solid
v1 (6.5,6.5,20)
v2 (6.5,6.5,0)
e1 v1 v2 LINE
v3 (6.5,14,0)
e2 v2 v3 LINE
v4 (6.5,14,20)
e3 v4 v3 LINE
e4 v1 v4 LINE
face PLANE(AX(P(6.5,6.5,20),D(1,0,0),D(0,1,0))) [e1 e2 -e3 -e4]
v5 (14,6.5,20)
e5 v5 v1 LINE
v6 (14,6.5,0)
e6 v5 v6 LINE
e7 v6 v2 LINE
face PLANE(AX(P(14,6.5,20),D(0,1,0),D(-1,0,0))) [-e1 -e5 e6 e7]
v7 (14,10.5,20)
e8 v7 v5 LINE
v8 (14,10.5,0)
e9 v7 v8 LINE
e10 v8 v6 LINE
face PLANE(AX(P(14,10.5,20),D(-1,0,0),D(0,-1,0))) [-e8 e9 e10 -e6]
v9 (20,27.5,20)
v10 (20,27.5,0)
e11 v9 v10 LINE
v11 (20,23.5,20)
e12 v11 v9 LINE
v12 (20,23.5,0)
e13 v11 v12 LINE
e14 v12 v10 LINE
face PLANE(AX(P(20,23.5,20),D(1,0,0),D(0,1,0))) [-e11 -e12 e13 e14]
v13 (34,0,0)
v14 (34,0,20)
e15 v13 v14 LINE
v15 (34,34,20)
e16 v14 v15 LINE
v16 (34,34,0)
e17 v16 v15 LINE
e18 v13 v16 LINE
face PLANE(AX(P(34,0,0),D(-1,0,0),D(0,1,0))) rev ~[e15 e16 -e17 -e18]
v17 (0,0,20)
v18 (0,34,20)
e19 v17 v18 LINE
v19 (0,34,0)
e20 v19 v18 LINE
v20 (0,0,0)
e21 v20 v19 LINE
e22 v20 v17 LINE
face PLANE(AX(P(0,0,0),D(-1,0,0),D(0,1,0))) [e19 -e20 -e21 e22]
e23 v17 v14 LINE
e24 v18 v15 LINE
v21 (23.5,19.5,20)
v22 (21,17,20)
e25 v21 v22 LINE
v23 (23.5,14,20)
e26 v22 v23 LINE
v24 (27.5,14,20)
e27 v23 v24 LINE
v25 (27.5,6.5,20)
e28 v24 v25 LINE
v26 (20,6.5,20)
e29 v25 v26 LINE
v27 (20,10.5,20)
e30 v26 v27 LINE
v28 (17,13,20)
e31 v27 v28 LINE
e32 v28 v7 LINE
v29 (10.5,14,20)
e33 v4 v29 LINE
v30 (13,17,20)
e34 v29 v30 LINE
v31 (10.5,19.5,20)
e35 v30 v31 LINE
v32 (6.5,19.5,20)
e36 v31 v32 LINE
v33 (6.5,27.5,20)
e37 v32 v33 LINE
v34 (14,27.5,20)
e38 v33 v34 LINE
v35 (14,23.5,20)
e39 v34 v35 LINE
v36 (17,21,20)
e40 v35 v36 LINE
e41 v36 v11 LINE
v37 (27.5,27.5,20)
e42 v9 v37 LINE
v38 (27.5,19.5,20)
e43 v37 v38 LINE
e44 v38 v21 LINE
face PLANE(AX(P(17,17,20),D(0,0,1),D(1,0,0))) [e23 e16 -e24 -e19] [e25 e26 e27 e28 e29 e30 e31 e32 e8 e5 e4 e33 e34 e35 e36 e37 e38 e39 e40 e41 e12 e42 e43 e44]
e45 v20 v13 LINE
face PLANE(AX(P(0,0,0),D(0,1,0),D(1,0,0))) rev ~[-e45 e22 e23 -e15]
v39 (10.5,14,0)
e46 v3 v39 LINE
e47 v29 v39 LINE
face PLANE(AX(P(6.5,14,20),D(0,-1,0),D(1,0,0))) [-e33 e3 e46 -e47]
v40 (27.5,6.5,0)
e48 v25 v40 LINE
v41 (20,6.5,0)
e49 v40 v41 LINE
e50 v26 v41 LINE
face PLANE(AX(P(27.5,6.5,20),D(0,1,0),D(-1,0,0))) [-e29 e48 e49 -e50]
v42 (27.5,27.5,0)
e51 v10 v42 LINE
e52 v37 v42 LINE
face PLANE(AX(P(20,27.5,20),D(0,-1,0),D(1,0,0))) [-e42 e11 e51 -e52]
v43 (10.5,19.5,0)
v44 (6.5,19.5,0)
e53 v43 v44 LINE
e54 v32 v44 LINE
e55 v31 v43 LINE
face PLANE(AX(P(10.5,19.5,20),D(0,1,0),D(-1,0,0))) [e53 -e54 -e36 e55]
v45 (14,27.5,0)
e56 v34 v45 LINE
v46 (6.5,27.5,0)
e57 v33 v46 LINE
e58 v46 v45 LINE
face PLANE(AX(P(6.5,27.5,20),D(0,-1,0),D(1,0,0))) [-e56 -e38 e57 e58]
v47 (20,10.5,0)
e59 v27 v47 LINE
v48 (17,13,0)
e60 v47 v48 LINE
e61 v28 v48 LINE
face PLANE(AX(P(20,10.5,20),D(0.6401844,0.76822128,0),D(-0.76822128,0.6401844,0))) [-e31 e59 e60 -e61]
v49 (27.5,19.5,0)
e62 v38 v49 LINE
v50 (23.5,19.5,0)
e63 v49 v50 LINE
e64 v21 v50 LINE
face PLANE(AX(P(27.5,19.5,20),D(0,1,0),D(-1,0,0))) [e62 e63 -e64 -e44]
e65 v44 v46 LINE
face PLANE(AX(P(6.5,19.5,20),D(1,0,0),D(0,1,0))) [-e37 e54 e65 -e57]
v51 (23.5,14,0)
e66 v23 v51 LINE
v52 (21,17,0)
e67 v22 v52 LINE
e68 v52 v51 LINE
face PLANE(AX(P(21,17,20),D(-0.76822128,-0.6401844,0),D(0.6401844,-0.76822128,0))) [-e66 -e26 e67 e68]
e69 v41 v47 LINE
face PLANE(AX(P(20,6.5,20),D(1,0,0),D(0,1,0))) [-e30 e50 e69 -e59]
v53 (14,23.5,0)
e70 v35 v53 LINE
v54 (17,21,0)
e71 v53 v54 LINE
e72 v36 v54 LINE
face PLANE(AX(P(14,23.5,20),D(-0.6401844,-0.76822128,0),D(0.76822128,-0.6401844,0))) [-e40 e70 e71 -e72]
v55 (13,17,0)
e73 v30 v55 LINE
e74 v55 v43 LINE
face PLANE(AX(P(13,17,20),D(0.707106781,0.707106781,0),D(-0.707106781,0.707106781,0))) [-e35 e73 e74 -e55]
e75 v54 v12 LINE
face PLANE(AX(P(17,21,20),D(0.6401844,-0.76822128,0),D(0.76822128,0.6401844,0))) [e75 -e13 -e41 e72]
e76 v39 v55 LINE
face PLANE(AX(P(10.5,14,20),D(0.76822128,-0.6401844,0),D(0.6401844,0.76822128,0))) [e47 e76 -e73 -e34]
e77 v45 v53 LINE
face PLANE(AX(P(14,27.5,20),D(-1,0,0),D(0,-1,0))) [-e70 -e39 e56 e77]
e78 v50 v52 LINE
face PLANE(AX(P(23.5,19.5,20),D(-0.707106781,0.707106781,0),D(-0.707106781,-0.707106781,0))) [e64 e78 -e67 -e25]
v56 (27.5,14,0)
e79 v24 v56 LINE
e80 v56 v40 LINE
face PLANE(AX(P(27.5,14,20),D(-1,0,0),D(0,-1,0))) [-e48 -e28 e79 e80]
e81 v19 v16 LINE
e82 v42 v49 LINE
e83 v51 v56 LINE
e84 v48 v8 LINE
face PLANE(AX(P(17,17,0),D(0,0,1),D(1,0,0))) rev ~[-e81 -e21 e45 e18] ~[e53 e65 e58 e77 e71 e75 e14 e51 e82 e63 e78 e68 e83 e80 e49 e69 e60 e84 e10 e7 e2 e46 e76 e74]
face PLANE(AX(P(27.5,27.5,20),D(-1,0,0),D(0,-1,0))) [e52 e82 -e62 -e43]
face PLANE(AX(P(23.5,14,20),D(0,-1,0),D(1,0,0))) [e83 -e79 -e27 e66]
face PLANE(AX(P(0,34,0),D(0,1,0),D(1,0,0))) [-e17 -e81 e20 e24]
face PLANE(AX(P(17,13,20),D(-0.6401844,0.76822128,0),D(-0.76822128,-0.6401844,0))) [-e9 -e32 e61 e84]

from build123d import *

# Parameters (mm, degrees)
SKETCH_W     = 34
SKETCH_H     = 34
PAD_DEPTH    = 20
POCKET_DEPTH = 20


with BuildPart() as part:
    # Sketch → Pad (new body)
    with BuildSketch(Plane.XY):
        with Locations((17, 17)):
            Rectangle(SKETCH_W, SKETCH_H)
    extrude(amount=PAD_DEPTH)

    # Sketch001 (on Face6 of Pad) → Pocket (cut)
    with BuildSketch(Plane.XY.offset(20)):
        Polygon((6.5, 27.5), (14, 27.5), (14, 23.5), (17, 21), (20, 23.5), (20, 27.5), (27.5, 27.5), (27.5, 19.5), (23.5, 19.5), (21, 17), (23.5, 14), (27.5, 14), (27.5, 6.5), (20, 6.5), (20, 10.5), (17, 13), (14, 10.5), (14, 6.5), (6.5, 6.5), (6.5, 14), (10.5, 14), (13, 17), (10.5, 19.5), (6.5, 19.5), align=None)
    extrude(amount=-POCKET_DEPTH, mode=Mode.SUBTRACT)


solid = part.part
